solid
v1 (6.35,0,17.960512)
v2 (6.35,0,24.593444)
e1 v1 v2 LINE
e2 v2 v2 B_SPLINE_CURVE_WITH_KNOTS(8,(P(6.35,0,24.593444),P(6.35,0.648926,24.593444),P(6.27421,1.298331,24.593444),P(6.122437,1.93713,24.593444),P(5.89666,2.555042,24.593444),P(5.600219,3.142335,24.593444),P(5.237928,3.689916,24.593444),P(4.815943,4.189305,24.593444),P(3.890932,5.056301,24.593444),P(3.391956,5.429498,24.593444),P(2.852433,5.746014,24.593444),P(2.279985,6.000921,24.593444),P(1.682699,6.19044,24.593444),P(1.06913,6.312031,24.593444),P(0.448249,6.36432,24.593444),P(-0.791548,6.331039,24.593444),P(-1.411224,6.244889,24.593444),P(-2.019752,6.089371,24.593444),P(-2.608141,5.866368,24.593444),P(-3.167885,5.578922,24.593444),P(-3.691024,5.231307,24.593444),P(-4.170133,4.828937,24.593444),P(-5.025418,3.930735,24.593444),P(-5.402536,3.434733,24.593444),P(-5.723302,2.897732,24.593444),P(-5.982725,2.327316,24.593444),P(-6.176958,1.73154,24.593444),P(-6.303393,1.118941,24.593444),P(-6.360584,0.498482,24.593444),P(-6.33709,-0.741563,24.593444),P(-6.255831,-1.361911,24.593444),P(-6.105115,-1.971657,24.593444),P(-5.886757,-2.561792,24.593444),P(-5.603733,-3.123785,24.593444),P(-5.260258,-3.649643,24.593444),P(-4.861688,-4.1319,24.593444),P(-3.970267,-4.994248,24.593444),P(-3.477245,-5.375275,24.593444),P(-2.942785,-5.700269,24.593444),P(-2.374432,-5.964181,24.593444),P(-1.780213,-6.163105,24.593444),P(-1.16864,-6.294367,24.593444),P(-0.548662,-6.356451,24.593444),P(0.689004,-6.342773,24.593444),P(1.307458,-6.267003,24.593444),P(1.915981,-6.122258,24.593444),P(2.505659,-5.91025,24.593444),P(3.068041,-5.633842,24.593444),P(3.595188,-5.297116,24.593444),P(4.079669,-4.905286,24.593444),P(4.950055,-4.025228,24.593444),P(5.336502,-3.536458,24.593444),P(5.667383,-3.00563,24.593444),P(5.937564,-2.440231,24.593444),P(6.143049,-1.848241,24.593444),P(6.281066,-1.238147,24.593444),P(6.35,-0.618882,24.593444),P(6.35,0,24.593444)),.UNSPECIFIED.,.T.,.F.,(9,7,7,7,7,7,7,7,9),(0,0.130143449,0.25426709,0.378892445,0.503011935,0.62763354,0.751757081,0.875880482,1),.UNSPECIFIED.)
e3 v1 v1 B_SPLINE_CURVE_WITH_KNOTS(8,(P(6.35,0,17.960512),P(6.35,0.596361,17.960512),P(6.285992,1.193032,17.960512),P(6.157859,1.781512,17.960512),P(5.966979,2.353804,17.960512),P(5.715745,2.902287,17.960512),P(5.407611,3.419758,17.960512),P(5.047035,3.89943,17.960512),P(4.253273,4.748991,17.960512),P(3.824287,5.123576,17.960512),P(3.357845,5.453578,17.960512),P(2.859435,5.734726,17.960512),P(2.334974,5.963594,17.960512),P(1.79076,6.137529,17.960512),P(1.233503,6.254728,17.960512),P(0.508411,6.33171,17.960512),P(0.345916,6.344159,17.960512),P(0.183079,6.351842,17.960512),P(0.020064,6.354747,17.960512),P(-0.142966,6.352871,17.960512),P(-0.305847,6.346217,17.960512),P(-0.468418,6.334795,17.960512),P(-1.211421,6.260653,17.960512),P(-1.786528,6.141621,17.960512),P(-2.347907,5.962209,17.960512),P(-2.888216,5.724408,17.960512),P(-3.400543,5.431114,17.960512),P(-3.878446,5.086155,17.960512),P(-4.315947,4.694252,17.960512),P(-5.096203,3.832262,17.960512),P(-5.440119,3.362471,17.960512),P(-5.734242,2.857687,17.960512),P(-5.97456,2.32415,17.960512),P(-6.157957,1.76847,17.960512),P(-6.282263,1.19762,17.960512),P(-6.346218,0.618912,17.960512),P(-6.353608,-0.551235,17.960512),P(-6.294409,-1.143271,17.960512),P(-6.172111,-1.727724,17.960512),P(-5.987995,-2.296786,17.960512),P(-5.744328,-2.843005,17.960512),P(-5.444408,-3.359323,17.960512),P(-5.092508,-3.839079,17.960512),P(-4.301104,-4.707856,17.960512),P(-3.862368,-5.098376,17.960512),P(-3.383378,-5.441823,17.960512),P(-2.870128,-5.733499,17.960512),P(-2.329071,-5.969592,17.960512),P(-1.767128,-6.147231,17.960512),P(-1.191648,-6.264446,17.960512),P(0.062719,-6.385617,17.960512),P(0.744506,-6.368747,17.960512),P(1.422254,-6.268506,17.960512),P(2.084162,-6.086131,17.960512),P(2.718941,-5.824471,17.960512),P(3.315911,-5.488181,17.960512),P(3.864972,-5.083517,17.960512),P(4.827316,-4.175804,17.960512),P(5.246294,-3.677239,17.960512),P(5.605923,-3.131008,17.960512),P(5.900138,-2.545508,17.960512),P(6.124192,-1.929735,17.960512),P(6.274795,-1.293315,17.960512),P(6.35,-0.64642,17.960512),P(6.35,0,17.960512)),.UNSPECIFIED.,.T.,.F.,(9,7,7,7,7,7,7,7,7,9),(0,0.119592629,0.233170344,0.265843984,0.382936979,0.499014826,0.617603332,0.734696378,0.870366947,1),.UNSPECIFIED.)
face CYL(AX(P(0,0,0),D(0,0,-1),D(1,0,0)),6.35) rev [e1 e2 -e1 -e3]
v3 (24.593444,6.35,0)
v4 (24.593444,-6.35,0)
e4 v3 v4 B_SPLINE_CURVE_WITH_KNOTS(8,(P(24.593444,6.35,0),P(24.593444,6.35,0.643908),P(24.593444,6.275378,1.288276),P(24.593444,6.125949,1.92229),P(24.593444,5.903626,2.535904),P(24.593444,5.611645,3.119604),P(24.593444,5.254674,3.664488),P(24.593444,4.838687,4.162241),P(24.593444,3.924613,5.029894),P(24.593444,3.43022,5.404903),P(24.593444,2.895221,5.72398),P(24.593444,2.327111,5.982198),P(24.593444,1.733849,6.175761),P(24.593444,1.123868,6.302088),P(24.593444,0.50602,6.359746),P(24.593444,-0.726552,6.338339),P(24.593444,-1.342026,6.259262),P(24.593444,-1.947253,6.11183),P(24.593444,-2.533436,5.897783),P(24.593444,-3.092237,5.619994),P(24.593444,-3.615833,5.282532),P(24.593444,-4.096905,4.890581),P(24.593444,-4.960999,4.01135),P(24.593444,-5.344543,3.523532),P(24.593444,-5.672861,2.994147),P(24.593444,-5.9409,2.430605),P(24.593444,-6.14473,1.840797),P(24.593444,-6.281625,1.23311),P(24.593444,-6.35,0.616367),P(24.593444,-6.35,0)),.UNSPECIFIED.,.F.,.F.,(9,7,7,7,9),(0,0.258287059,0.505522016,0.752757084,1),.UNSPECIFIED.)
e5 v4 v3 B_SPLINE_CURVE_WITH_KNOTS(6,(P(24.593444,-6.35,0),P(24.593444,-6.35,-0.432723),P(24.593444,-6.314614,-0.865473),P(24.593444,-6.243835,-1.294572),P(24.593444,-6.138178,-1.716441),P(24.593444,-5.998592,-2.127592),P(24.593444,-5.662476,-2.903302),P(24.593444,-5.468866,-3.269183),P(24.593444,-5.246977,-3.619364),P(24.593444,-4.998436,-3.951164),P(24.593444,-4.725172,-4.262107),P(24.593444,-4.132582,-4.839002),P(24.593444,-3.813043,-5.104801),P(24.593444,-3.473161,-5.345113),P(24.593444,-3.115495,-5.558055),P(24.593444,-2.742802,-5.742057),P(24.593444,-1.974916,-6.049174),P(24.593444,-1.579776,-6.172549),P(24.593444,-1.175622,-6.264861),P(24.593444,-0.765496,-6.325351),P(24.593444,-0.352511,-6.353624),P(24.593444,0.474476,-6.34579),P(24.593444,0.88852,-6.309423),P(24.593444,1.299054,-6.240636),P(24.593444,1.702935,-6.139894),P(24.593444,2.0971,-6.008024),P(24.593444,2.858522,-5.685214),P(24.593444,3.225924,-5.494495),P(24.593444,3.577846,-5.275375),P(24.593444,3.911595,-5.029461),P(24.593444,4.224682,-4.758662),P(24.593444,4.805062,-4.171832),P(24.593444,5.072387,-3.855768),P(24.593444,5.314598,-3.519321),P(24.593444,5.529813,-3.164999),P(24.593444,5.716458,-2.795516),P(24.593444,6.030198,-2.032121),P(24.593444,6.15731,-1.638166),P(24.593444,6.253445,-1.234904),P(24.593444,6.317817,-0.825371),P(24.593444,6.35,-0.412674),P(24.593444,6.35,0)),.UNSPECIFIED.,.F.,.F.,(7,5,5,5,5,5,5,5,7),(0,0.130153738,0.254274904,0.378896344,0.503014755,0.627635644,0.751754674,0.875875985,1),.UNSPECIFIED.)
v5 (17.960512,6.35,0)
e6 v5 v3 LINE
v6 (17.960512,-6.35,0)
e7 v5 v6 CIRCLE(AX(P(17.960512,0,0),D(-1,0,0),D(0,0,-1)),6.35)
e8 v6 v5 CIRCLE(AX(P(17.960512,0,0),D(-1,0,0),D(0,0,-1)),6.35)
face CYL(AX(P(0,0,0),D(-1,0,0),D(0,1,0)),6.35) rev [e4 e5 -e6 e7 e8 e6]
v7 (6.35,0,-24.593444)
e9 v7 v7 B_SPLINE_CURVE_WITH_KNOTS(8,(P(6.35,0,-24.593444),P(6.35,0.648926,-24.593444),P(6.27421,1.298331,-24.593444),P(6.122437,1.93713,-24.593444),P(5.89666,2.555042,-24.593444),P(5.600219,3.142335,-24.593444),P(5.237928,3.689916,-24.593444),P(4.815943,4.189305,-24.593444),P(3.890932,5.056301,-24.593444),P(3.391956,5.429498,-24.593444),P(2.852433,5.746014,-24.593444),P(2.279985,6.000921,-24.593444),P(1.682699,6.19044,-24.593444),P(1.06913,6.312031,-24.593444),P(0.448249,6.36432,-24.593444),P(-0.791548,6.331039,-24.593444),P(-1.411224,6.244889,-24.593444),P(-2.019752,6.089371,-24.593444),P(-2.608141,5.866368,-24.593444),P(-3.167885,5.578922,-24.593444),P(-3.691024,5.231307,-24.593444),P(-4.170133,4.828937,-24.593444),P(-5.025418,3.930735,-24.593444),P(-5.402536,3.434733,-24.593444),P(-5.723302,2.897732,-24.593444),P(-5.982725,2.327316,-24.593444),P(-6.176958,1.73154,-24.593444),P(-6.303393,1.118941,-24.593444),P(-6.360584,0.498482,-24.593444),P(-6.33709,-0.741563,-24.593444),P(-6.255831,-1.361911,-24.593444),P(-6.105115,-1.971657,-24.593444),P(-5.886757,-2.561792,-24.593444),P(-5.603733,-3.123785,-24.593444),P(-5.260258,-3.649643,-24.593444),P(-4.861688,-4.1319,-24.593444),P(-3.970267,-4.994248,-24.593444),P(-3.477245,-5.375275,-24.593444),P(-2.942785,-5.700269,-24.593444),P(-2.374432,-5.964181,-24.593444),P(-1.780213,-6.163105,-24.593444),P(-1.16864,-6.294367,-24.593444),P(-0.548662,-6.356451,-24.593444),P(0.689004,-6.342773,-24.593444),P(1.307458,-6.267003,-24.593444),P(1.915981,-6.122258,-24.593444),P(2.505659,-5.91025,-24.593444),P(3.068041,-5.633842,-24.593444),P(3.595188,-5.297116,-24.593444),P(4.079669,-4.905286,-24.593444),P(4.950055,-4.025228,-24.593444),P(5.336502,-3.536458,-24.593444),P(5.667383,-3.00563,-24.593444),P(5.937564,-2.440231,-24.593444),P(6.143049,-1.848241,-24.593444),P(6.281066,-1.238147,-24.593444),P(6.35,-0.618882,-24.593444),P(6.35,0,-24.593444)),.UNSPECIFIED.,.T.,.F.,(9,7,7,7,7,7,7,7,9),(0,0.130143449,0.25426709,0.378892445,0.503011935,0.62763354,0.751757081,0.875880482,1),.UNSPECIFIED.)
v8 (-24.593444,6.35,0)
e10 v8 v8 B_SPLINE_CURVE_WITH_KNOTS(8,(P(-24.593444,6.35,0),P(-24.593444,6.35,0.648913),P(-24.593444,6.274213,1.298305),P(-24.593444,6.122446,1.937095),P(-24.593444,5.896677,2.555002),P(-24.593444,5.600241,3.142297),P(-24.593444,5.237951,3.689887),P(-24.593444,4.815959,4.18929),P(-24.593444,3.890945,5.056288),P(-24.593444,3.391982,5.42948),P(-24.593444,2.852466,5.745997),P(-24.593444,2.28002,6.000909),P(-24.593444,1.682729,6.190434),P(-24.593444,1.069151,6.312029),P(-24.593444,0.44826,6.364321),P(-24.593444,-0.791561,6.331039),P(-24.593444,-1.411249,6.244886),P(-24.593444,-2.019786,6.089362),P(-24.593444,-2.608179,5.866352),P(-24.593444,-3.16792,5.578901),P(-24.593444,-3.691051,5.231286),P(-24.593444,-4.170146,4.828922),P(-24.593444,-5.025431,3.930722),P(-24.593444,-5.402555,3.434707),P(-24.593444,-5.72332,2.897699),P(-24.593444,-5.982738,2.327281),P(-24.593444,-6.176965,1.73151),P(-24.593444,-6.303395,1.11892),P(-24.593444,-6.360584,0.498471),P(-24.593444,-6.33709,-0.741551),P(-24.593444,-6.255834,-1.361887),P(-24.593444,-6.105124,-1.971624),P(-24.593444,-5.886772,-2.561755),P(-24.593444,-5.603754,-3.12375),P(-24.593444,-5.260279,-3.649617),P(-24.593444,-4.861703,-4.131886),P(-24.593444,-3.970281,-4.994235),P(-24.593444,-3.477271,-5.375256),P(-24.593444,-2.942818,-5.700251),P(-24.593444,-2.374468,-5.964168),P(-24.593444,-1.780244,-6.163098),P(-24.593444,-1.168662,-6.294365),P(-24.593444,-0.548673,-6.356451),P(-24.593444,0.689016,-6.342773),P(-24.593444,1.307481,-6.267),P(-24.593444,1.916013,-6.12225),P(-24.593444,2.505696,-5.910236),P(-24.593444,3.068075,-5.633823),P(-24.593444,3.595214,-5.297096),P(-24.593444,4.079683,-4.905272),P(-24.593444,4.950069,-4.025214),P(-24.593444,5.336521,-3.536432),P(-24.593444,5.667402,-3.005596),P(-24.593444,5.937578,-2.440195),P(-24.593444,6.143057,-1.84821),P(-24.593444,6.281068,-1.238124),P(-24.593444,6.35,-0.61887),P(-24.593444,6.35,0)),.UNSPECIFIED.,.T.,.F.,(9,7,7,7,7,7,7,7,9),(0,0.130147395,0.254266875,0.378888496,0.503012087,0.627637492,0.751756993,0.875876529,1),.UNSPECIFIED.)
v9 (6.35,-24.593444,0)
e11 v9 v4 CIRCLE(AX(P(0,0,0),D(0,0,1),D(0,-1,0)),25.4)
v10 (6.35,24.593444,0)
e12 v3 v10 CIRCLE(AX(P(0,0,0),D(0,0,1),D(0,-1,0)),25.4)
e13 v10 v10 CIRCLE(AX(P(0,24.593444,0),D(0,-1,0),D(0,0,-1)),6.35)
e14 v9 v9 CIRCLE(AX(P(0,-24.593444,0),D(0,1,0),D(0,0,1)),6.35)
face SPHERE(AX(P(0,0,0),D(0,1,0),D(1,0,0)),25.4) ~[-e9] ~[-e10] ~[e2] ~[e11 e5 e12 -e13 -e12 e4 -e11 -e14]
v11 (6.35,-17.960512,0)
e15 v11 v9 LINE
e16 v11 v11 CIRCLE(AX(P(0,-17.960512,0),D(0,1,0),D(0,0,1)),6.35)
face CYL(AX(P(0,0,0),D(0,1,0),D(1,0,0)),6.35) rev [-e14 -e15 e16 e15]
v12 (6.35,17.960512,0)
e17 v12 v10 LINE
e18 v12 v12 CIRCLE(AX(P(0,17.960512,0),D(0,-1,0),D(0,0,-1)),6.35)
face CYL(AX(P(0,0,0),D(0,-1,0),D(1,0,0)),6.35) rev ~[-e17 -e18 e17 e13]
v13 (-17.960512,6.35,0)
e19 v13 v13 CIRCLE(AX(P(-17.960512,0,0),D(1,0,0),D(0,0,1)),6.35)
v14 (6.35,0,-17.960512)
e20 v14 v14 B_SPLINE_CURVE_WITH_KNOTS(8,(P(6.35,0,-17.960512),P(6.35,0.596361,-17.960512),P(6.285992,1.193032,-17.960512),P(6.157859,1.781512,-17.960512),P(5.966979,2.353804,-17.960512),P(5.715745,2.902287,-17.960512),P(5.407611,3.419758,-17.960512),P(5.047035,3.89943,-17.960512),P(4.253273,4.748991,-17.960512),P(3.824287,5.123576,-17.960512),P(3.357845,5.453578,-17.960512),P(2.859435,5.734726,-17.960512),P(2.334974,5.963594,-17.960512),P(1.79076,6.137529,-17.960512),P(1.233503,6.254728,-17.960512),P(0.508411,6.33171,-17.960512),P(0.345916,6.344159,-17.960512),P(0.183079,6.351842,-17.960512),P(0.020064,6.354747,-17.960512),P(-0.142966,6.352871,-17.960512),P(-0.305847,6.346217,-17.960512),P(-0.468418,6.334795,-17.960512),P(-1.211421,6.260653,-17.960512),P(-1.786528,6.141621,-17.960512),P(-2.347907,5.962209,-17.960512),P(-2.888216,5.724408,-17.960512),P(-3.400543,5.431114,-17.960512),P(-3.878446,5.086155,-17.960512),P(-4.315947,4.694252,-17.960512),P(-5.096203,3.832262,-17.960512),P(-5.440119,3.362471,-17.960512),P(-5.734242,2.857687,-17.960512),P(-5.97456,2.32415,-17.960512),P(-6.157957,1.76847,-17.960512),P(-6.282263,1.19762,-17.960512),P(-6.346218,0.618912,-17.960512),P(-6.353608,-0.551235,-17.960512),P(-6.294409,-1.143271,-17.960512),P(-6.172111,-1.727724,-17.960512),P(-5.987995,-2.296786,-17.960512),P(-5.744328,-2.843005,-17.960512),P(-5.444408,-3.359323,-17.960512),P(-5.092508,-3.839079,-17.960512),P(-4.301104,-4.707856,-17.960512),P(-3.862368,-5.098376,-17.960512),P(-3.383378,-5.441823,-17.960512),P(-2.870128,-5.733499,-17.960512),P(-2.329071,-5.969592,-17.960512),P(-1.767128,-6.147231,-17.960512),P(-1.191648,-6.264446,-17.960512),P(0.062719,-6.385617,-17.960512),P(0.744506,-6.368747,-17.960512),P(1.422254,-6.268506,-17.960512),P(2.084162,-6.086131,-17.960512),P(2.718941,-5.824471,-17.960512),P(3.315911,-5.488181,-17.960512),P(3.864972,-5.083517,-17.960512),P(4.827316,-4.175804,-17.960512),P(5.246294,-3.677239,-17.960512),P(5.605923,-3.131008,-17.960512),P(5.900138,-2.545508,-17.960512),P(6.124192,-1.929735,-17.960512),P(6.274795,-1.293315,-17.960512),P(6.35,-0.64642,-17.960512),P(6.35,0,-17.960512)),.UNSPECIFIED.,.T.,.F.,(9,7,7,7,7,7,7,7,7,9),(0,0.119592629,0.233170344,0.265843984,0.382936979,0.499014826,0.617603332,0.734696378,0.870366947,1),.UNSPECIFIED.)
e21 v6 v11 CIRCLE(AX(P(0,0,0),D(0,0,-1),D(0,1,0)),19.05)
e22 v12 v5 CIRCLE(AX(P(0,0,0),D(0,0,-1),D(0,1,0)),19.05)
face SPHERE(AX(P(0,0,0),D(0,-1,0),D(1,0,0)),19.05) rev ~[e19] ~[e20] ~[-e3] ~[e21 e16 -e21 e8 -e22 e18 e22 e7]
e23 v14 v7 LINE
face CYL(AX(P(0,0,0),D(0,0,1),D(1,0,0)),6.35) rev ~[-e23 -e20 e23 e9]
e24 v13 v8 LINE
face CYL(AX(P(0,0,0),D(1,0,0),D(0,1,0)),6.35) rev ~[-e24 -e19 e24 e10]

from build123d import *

# Parameters (mm, degrees)
F2_R      = 6.35
F3_DEPTH  = 59.182
F4_R      = 6.35
F5_DEPTH  = 25.4
F6_R      = 6.35
F7_DEPTH  = 25.4
F8_R      = 6.35
F9_DEPTH  = 39.116
F10_R     = 6.35
F11_DEPTH = 44.45
F12_R     = 6.35
F13_DEPTH = 41.148


with BuildPart() as f1:
    # F0 (on Top) → F1 (revolve)
    with BuildSketch(Plane.XY):
        with BuildLine():
            Line((0, -19.05), (0, -25.4))
            ThreePointArc((0, -25.4), (25.4, 0), (0, 25.4))
            Line((0, 25.4), (0, 19.05))
            ThreePointArc((0, 19.05), (19.05, 0), (0, -19.05))
        make_face()
    revolve(axis=Axis((0, 22.225, 0), (0, -1, 0)))

    # F2 (on Top) → F3 (cut)
    with BuildSketch(Plane.XY):
        Circle(F2_R)
    extrude(amount=-F3_DEPTH, mode=Mode.SUBTRACT)

    # F4 (on Right) → F5 (cut)
    with BuildSketch(Plane.YZ):
        Circle(F4_R)
    extrude(amount=-F5_DEPTH, mode=Mode.SUBTRACT)

    # F6 (on Front) → F7 (cut)
    with BuildSketch(Plane.XZ):
        Circle(F6_R)
    extrude(amount=-F7_DEPTH, mode=Mode.SUBTRACT)

    # F8 (on Right) → F9 (cut)
    with BuildSketch(Plane.YZ):
        Circle(F8_R)
    extrude(amount=F9_DEPTH, mode=Mode.SUBTRACT)

    # F10 (on Front) → F11 (cut)
    with BuildSketch(Plane.XZ):
        Circle(F10_R)
    extrude(amount=F11_DEPTH, mode=Mode.SUBTRACT)

    # F12 (on Top) → F13 (cut)
    with BuildSketch(Plane.XY):
        Circle(F12_R)
    extrude(amount=F13_DEPTH, mode=Mode.SUBTRACT)


solid = f1.part
